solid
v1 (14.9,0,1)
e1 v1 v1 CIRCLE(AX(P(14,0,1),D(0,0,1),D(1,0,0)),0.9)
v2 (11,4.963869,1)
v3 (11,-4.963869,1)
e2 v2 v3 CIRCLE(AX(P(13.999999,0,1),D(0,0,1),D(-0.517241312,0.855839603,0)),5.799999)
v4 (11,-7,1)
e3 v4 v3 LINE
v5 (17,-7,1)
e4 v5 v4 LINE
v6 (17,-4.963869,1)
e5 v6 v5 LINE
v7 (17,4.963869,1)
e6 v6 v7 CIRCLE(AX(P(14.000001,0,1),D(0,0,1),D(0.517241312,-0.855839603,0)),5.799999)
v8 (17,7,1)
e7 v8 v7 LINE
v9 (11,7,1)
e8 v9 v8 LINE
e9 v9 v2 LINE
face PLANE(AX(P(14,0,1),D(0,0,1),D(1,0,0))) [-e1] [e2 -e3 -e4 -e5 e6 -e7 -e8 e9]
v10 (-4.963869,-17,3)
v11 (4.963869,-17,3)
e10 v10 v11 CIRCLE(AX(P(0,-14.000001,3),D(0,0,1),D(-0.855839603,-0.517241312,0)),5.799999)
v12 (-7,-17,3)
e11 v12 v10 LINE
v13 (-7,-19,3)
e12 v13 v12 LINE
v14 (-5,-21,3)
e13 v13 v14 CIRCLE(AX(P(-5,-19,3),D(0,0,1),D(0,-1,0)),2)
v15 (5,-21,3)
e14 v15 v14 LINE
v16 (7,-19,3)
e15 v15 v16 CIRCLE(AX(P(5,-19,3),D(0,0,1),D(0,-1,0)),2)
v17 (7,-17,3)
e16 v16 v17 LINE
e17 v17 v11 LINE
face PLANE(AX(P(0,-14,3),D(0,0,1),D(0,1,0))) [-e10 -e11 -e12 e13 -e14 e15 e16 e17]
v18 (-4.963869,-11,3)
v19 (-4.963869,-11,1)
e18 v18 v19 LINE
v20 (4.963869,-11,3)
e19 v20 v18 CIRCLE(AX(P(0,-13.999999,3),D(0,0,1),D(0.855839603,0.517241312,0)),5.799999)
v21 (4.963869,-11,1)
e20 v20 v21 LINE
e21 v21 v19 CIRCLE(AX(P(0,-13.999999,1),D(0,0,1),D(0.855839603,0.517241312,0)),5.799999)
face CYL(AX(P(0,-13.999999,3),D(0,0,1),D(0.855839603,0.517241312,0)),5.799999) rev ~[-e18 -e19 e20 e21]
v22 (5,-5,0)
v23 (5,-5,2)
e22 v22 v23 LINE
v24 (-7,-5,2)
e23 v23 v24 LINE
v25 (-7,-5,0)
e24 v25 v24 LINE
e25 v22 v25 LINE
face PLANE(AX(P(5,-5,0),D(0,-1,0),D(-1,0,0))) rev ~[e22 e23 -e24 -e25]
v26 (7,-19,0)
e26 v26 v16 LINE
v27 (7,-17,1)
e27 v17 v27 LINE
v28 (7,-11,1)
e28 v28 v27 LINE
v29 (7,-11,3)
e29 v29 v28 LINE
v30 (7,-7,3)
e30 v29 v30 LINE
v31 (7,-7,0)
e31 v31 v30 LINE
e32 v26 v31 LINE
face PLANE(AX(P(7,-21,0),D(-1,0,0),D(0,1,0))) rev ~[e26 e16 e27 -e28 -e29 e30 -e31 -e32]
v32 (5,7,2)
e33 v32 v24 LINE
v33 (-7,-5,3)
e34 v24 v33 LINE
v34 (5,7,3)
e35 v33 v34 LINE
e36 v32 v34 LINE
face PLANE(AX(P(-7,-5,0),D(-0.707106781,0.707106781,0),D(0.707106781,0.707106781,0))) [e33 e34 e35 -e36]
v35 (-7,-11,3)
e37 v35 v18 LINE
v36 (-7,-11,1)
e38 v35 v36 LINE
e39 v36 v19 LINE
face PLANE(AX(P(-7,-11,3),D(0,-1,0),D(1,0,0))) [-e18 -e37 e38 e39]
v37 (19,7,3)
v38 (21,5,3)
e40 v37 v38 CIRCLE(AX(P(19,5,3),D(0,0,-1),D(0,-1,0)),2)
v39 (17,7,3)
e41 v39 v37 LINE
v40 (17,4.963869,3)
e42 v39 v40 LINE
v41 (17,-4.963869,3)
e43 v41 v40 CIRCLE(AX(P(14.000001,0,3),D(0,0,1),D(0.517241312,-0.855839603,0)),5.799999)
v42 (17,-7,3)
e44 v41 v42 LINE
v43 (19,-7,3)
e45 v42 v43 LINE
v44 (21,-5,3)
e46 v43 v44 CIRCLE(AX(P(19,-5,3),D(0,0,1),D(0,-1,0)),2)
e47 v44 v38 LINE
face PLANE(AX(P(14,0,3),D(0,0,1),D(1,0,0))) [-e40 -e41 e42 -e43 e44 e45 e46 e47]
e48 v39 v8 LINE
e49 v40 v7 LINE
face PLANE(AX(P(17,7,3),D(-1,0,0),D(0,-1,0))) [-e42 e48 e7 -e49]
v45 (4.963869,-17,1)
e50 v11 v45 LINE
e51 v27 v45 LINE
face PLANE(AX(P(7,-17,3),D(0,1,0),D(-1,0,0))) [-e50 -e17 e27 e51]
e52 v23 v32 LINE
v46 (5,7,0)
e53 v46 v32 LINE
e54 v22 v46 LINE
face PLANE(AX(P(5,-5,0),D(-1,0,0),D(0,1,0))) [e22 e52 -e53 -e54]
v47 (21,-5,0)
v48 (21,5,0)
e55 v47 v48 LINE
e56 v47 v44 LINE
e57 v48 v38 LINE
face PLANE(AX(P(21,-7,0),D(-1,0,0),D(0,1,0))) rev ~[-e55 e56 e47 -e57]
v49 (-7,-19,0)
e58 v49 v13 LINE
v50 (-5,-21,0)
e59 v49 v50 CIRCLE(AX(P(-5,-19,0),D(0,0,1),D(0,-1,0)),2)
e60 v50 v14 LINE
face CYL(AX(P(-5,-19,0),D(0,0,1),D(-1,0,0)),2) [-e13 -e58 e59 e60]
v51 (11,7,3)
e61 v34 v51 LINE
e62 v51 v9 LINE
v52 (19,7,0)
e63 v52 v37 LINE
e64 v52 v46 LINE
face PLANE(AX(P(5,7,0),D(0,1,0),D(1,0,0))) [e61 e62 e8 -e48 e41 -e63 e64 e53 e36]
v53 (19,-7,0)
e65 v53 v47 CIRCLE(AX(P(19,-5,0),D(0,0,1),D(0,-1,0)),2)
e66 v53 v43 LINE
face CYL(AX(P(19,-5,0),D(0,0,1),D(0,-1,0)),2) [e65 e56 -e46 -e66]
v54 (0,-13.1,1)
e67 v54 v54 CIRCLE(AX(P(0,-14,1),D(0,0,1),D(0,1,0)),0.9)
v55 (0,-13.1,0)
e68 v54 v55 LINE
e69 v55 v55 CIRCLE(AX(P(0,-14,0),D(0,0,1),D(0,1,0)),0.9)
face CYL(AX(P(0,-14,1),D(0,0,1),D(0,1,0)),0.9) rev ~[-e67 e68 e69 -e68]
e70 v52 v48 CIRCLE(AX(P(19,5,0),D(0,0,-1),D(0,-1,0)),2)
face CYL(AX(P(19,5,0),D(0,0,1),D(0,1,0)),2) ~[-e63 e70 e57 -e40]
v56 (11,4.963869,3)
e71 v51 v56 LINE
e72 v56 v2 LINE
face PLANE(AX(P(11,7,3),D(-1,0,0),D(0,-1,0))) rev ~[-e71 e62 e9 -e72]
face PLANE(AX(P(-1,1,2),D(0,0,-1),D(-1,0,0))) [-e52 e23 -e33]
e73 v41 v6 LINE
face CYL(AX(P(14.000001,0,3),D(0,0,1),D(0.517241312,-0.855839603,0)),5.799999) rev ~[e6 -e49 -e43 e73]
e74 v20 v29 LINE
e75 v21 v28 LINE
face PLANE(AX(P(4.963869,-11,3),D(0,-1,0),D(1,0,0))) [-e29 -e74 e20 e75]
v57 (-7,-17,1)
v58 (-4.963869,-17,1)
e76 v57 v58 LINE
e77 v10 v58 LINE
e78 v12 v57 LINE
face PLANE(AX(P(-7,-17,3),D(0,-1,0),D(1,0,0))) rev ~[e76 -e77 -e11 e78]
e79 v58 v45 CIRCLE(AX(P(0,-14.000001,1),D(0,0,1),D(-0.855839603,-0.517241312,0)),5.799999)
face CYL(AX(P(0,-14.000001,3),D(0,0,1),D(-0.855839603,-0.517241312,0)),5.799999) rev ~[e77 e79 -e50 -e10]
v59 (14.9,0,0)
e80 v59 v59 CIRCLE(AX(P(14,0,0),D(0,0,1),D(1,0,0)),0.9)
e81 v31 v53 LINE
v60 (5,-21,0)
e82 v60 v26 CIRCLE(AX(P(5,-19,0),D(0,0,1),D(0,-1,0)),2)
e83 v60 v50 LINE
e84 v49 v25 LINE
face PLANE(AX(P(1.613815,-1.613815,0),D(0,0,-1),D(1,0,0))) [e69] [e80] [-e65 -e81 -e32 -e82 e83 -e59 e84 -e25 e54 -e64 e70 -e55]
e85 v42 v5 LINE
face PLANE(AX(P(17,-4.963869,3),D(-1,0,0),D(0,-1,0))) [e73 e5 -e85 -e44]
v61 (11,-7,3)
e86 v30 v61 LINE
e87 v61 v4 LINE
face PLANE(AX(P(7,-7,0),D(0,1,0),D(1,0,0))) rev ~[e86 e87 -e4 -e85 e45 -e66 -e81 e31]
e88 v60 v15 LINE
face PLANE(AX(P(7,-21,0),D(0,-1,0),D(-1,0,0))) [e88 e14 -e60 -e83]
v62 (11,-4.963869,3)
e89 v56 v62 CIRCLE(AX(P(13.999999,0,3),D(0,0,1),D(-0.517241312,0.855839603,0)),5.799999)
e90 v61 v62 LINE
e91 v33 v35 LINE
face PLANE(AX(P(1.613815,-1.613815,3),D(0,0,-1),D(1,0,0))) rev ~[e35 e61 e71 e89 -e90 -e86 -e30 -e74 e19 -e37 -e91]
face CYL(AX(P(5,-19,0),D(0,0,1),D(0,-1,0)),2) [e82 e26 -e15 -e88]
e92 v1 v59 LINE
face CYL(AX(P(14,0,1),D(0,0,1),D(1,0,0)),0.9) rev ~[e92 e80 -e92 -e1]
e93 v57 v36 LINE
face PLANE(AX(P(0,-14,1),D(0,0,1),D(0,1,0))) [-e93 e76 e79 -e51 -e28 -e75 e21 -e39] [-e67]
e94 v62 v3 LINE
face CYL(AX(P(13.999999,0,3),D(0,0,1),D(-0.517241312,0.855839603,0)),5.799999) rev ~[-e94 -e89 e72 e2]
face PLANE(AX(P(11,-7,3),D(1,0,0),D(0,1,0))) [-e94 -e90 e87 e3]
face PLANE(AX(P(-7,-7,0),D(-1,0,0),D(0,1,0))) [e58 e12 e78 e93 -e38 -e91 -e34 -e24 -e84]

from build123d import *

# Parameters (mm, degrees)
SKETCH006_W                 = 14
SKETCH006_H                 = 14
PAD002_DEPTH                = 3
POCKET004_DEPTH             = 2
SKETCH008_R                 = 0.9
POCKET005_DEPTH             = 1.001
CLONE001007_PLACEMENT_ANGLE = 90
PAD_DEPTH                   = 3
SKETCH010_W                 = 12
SKETCH010_H                 = 12
POCKET_DEPTH                = 2
CLONE001006_PLACEMENT_ANGLE = 180
FILLET001_R                 = 2


with BuildPart() as pushpin_unit001:
    # Sketch006 → Pad002 (new body)
    with BuildSketch(Plane.XY):
        Rectangle(SKETCH006_W, SKETCH006_H)
    extrude(amount=PAD002_DEPTH)

    # Sketch007 → Pocket004 (cut)
    with BuildSketch(Plane.XY.offset(3)):
        with BuildLine():
            Line((-3, 7), (-3, 4.963869))
            ThreePointArc((-3, 4.963869), (-5.8, 0), (-3, -4.963869))
            Line((-3, -7), (-3, -4.963869))
            Line((3, -7), (-3, -7))
            Line((3, -4.963869), (3, -7))
            ThreePointArc((3, -4.963869), (5.8, 0), (3, 4.963869))
            Line((3, 7), (3, 4.963869))
            Line((-3, 7), (3, 7))
        make_face()
    extrude(amount=-POCKET004_DEPTH, mode=Mode.SUBTRACT)

    # Sketch008 → Pocket005 (cut, through all)
    with BuildSketch(Plane.XY.offset(1)):
        Circle(SKETCH008_R)
    extrude(amount=-POCKET005_DEPTH, mode=Mode.SUBTRACT)


with BuildPart() as pushpin_unit001_1:
    # Clone001005 placement: moved
    add(pushpin_unit001.part.moved(Location((14, 0, 0))))


with BuildPart() as pushpin_unit003:
    # Clone001007 base: copy of pushpin-unit001
    add(pushpin_unit001_1.part)


with BuildPart() as pushpin_unit003_1:
    # Clone001007 placement: moved
    add(pushpin_unit003.part.moved(Location((0, -28, 0))).rotate(Axis((0, -28, 0), (0, 0, 1)), CLONE001007_PLACEMENT_ANGLE))


with BuildPart() as pushpin_unit002:
    # Sketch → Pad (new body)
    with BuildSketch(Plane.XY):
        Polygon((-7, -7), (-7, 7), (7, 7), (7, 5), (-5, -7), align=None)
    extrude(amount=PAD_DEPTH)

    # Sketch010 → Pocket (cut)
    with BuildSketch(Plane(origin=(0, 0, 0), x_dir=(1, 0, 0), z_dir=(0, 0, -1))):
        with Locations((1, 1)):
            Rectangle(SKETCH010_W, SKETCH010_H)
    extrude(amount=-POCKET_DEPTH, mode=Mode.SUBTRACT)


with BuildPart() as pushpin_unit002_1:
    # Clone001006 placement: moved
    add(pushpin_unit002.part.rotate(Axis((0, 0, 0), (0, 0, 1)), CLONE001006_PLACEMENT_ANGLE))


with BuildPart() as corner_holder_double_rounded:
    # Fusion001 base: copy of pushpin-unit001
    add(pushpin_unit001_1.part)

    # Fusion001: union pushpin-unit003, pushpin-unit002
    add(pushpin_unit003_1.part)
    add(pushpin_unit002_1.part)

    # Fillet001
    fillet001_edges = [corner_holder_double_rounded.edges().sort_by_distance(p)[0] for p in [
        (21, 7, 1.5),
        (21, -7, 1.5),
        (7, -21, 1.5),
        (-7, -21, 1.5),
    ]]
    fillet(fillet001_edges, radius=FILLET001_R)


solid = corner_holder_double_rounded.part
